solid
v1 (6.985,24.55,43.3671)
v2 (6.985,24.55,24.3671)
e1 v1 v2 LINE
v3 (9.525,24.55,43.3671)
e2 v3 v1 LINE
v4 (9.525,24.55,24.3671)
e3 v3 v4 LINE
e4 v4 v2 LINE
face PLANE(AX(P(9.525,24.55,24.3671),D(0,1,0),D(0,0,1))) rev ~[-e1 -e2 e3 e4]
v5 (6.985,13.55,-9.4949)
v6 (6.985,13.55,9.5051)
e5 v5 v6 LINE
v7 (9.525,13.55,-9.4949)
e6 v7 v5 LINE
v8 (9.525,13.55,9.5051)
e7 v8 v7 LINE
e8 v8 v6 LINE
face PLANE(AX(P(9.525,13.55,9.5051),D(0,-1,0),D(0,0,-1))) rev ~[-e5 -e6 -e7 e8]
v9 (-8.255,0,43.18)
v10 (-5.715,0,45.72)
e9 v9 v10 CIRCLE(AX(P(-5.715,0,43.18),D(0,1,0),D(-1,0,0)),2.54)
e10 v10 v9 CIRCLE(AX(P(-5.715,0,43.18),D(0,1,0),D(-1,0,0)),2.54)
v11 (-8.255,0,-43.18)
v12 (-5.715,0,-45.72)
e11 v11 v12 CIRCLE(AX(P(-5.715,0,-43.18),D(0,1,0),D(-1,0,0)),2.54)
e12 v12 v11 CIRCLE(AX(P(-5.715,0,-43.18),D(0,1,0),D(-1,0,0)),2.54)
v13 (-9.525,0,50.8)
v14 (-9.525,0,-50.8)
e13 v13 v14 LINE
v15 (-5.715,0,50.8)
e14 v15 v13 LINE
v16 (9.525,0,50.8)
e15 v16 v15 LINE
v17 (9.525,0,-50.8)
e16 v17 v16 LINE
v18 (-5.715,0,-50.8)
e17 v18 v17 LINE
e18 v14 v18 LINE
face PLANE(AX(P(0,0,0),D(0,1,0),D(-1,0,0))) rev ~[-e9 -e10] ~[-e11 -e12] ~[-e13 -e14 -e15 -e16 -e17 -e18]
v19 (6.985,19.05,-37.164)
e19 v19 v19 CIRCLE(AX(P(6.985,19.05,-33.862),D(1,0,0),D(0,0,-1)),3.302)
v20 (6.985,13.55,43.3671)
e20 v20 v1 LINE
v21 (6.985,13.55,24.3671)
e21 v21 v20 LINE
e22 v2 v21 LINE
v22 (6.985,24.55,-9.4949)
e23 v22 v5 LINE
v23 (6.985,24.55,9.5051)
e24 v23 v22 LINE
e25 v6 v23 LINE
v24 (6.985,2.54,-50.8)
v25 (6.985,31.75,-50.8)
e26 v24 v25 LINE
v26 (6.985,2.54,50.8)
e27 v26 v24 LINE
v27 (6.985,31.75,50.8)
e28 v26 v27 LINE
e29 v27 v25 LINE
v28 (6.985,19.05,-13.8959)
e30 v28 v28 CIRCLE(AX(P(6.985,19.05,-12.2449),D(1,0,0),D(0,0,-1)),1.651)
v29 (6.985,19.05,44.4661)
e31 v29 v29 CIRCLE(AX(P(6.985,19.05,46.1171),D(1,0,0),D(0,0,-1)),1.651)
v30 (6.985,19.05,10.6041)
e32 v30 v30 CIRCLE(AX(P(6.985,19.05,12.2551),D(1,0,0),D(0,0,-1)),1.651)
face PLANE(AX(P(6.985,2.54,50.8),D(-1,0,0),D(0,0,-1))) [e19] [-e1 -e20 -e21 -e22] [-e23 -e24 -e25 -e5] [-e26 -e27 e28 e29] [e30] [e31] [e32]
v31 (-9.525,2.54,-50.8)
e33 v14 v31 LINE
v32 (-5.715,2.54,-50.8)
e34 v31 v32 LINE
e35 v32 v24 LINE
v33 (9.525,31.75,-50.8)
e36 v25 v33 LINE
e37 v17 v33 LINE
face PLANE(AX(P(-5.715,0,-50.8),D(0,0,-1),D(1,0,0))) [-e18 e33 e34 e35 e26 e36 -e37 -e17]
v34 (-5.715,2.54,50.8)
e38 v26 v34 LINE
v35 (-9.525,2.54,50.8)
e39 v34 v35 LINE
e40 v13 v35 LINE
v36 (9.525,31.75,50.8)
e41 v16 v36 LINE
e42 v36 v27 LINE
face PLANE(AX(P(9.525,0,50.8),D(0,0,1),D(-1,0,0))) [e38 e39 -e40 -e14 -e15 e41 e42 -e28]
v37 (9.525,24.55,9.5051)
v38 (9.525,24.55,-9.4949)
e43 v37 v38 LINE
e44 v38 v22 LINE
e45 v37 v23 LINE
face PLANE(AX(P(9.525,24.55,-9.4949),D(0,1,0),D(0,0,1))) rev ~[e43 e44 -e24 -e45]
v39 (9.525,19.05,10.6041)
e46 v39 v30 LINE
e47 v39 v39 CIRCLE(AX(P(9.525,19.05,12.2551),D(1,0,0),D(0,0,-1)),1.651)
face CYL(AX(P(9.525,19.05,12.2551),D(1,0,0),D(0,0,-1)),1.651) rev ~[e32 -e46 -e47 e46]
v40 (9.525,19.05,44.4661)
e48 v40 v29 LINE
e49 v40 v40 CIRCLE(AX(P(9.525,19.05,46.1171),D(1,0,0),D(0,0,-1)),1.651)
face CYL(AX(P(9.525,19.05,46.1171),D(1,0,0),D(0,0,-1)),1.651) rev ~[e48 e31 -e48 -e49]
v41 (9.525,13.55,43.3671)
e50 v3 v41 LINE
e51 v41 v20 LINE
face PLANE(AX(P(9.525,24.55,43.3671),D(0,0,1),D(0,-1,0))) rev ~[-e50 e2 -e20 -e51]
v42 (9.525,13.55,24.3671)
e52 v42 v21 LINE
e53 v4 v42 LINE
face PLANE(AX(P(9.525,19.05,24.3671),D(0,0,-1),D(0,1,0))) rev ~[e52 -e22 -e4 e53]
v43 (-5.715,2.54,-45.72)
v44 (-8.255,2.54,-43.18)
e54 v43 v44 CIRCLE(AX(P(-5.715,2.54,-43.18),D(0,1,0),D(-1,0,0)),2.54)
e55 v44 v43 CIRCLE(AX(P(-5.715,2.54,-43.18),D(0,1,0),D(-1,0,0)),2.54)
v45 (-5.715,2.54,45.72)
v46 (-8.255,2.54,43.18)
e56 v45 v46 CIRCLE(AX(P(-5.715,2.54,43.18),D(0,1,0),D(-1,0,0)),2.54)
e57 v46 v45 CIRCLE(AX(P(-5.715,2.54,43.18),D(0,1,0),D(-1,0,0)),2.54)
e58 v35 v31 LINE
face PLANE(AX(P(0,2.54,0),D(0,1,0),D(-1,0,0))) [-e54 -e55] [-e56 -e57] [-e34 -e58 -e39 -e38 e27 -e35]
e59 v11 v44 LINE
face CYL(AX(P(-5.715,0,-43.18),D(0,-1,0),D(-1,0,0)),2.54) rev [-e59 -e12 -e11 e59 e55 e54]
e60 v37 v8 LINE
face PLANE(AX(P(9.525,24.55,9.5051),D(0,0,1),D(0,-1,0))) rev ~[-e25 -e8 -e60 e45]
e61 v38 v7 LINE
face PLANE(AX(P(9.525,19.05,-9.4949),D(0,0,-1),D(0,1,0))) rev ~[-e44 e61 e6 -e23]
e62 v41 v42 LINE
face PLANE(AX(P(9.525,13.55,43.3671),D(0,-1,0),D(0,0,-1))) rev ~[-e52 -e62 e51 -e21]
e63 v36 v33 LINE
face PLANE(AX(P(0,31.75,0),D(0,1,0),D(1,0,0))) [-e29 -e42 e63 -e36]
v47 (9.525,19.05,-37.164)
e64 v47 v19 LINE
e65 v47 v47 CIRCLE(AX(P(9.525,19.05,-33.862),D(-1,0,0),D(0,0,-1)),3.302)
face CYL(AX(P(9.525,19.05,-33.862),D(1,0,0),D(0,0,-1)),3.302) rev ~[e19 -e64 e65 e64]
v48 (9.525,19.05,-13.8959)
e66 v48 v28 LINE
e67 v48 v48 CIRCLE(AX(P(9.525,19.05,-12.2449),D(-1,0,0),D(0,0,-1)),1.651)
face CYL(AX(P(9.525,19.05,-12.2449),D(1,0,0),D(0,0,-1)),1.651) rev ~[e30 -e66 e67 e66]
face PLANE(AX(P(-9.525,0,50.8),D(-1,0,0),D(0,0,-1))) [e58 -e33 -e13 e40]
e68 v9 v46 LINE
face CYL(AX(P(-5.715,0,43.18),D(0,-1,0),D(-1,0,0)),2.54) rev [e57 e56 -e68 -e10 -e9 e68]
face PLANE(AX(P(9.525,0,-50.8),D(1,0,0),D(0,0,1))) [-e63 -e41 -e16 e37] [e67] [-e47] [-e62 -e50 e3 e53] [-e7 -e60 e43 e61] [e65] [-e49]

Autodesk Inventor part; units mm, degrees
ref_plane "YZ Plane" through (0, 0, 0) normal (1, 0, 0) x (0, 1, 0)
ref_plane "XZ Plane" through (0, 0, 0) normal (0, 1, 0) x (-1, 0, 0)
ref_plane "XY Plane" through (0, 0, 0) normal (0, 0, 1) x (1, 0, 0)
sketch "Sketch2" plane through (0, 0, 0) normal (0, 1, 0) x (-1, 0, 0)
  line L0 (-9.525, 50.8) -> (9.525, 50.8)
  line L1 (9.525, 50.8) -> (9.525, -50.8)
  line L2 (9.525, -50.8) -> (-9.525, -50.8)
  line L3 (-9.525, -50.8) -> (-9.525, 50.8)
  line L4 (-9.525, 50.8) -> (9.525, -50.8) construction
  line L5 (9.525, 50.8) -> (-9.525, -50.8) construction
  line L6 (-9.525, 50.8) -> (5.715, 50.8)
  line L7 (5.715, 50.8) -> (5.715, 43.18)
  circle A0 centre (5.715, 43.18) radius 2.54
  line L8 (-9.525, -50.8) -> (5.715, -50.8)
  line L9 (5.715, -50.8) -> (5.715, -43.18)
  circle A1 centre (5.715, -43.18) radius 2.54
  point P0 (0, 0)
  dimension "d0" = 19.05
  dimension "d1" = 101.6
  dimension "d2" = 15.24
  dimension "d3" = 7.62
  dimension "d4" = 5.08
  dimension "d10" = 15.24
  dimension "d11" = 7.62
  dimension "d12" = 5.08
extrude "Extrusion3" add sketch "Sketch2" along normal blind 2.54
sketch "Sketch4" plane through (0, 2.54, 0) normal (0, 1, 0) x (1, 0, 0)
  line L0 (9.525, -50.8) -> (9.525, 50.8) projected
  line L1 (9.525, -50.8) -> (6.985, -50.8)
  line L2 (6.985, -50.8) -> (6.985, 50.8)
  line L3 (6.985, 50.8) -> (9.525, 50.8)
  line L4 (9.525, 50.8) -> (9.525, -50.8)
  point P0 (0, 0)
  dimension "d15" = 2.54
  dimension "d16" = 101.6
extrude "Extrusion4" add sketch "Sketch4" along normal blind 29.21
sketch "Sketch5" plane through (9.525, 0, 50.8) normal (1, 0, 0) x (0, 0, -1)
  line L0 (0, 0) -> (101.6, 0) projected
  line L1 (101.6, 0) -> (101.6, 31.75) projected
  line L2 (0, 31.75) -> (101.6, 31.75) projected
  line L3 (0, 0) -> (0, 31.75) projected
  line L4 (0, 31.75) -> (101.6, 31.75) projected
  line L5 (0, 31.75) -> (33.8658, 31.75)
  line L6 (33.8658, 31.75) -> (67.724, 31.75)
  line L7 (16.9329, 31.75) -> (16.9329, 19.05)
  line L8 (50.7949, 31.75) -> (50.7949, 19.05)
  line L9 (67.724, 31.75) -> (101.6, 31.75)
  line L10 (84.662, 31.75) -> (84.662, 19.05)
  line L11 (16.9329, 19.05) -> (4.6829, 19.05)
  line L12 (4.6829, 19.05) -> (29.1829, 19.05)
  line L13 (50.7949, 19.05) -> (38.5449, 19.05)
  line L14 (38.5449, 19.05) -> (63.0449, 19.05)
  circle A0 centre (4.6829, 19.05) radius 1.651
  circle A1 centre (29.1829, 19.05) radius 1.651
  circle A2 centre (38.5449, 19.05) radius 1.651
  circle A3 centre (63.0449, 19.05) radius 1.651
  line L15 (7.4329, 13.55) -> (26.4329, 13.55)
  line L16 (26.4329, 13.55) -> (26.4329, 24.55)
  line L17 (26.4329, 24.55) -> (7.4329, 24.55)
  line L18 (7.4329, 24.55) -> (7.4329, 13.55)
  line L19 (7.4329, 13.55) -> (26.4329, 24.55) construction
  line L20 (26.4329, 13.55) -> (7.4329, 24.55) construction
  line L21 (41.2949, 13.55) -> (60.2949, 13.55)
  line L22 (60.2949, 13.55) -> (60.2949, 24.55)
  line L23 (60.2949, 24.55) -> (41.2949, 24.55)
  line L24 (41.2949, 24.55) -> (41.2949, 13.55)
  line L25 (41.2949, 13.55) -> (60.2949, 24.55) construction
  line L26 (60.2949, 13.55) -> (41.2949, 24.55) construction
  circle A4 centre (84.662, 19.05) radius 3.302
  point P0 (50.8, 0)
  dimension "d19" = 33.8658
  dimension "d20" = 33.8582
  dimension "d21" = 12.7
  dimension "d22" = 12.7
  dimension "d23" = 12.7
  dimension "d24" = 12.25
  dimension "d25" = 24.5
  dimension "d26" = 12.25
  dimension "d27" = 24.5
  dimension "d28" = 3.302
  dimension "d29" = 3.302
  dimension "d30" = 3.302
  dimension "d31" = 3.302
  dimension "d32" = 19
  dimension "d33" = 11
  dimension "d34" = 19
  dimension "d35" = 11
  dimension "d36" = 6.604
extrude "Extrusion5" cut sketch "Sketch5" against normal through all contours A4 | A3 | A2 | L23 L22 L14 L8 | L8 L13 L24 L23 | A0 | L17 L16 L12 L7 | L7 L11 L18 L17 | L12 L16 L15 L18 L11 | L14 L22 L21 L24 L13
properties part number "Pi-Output-Holder"
